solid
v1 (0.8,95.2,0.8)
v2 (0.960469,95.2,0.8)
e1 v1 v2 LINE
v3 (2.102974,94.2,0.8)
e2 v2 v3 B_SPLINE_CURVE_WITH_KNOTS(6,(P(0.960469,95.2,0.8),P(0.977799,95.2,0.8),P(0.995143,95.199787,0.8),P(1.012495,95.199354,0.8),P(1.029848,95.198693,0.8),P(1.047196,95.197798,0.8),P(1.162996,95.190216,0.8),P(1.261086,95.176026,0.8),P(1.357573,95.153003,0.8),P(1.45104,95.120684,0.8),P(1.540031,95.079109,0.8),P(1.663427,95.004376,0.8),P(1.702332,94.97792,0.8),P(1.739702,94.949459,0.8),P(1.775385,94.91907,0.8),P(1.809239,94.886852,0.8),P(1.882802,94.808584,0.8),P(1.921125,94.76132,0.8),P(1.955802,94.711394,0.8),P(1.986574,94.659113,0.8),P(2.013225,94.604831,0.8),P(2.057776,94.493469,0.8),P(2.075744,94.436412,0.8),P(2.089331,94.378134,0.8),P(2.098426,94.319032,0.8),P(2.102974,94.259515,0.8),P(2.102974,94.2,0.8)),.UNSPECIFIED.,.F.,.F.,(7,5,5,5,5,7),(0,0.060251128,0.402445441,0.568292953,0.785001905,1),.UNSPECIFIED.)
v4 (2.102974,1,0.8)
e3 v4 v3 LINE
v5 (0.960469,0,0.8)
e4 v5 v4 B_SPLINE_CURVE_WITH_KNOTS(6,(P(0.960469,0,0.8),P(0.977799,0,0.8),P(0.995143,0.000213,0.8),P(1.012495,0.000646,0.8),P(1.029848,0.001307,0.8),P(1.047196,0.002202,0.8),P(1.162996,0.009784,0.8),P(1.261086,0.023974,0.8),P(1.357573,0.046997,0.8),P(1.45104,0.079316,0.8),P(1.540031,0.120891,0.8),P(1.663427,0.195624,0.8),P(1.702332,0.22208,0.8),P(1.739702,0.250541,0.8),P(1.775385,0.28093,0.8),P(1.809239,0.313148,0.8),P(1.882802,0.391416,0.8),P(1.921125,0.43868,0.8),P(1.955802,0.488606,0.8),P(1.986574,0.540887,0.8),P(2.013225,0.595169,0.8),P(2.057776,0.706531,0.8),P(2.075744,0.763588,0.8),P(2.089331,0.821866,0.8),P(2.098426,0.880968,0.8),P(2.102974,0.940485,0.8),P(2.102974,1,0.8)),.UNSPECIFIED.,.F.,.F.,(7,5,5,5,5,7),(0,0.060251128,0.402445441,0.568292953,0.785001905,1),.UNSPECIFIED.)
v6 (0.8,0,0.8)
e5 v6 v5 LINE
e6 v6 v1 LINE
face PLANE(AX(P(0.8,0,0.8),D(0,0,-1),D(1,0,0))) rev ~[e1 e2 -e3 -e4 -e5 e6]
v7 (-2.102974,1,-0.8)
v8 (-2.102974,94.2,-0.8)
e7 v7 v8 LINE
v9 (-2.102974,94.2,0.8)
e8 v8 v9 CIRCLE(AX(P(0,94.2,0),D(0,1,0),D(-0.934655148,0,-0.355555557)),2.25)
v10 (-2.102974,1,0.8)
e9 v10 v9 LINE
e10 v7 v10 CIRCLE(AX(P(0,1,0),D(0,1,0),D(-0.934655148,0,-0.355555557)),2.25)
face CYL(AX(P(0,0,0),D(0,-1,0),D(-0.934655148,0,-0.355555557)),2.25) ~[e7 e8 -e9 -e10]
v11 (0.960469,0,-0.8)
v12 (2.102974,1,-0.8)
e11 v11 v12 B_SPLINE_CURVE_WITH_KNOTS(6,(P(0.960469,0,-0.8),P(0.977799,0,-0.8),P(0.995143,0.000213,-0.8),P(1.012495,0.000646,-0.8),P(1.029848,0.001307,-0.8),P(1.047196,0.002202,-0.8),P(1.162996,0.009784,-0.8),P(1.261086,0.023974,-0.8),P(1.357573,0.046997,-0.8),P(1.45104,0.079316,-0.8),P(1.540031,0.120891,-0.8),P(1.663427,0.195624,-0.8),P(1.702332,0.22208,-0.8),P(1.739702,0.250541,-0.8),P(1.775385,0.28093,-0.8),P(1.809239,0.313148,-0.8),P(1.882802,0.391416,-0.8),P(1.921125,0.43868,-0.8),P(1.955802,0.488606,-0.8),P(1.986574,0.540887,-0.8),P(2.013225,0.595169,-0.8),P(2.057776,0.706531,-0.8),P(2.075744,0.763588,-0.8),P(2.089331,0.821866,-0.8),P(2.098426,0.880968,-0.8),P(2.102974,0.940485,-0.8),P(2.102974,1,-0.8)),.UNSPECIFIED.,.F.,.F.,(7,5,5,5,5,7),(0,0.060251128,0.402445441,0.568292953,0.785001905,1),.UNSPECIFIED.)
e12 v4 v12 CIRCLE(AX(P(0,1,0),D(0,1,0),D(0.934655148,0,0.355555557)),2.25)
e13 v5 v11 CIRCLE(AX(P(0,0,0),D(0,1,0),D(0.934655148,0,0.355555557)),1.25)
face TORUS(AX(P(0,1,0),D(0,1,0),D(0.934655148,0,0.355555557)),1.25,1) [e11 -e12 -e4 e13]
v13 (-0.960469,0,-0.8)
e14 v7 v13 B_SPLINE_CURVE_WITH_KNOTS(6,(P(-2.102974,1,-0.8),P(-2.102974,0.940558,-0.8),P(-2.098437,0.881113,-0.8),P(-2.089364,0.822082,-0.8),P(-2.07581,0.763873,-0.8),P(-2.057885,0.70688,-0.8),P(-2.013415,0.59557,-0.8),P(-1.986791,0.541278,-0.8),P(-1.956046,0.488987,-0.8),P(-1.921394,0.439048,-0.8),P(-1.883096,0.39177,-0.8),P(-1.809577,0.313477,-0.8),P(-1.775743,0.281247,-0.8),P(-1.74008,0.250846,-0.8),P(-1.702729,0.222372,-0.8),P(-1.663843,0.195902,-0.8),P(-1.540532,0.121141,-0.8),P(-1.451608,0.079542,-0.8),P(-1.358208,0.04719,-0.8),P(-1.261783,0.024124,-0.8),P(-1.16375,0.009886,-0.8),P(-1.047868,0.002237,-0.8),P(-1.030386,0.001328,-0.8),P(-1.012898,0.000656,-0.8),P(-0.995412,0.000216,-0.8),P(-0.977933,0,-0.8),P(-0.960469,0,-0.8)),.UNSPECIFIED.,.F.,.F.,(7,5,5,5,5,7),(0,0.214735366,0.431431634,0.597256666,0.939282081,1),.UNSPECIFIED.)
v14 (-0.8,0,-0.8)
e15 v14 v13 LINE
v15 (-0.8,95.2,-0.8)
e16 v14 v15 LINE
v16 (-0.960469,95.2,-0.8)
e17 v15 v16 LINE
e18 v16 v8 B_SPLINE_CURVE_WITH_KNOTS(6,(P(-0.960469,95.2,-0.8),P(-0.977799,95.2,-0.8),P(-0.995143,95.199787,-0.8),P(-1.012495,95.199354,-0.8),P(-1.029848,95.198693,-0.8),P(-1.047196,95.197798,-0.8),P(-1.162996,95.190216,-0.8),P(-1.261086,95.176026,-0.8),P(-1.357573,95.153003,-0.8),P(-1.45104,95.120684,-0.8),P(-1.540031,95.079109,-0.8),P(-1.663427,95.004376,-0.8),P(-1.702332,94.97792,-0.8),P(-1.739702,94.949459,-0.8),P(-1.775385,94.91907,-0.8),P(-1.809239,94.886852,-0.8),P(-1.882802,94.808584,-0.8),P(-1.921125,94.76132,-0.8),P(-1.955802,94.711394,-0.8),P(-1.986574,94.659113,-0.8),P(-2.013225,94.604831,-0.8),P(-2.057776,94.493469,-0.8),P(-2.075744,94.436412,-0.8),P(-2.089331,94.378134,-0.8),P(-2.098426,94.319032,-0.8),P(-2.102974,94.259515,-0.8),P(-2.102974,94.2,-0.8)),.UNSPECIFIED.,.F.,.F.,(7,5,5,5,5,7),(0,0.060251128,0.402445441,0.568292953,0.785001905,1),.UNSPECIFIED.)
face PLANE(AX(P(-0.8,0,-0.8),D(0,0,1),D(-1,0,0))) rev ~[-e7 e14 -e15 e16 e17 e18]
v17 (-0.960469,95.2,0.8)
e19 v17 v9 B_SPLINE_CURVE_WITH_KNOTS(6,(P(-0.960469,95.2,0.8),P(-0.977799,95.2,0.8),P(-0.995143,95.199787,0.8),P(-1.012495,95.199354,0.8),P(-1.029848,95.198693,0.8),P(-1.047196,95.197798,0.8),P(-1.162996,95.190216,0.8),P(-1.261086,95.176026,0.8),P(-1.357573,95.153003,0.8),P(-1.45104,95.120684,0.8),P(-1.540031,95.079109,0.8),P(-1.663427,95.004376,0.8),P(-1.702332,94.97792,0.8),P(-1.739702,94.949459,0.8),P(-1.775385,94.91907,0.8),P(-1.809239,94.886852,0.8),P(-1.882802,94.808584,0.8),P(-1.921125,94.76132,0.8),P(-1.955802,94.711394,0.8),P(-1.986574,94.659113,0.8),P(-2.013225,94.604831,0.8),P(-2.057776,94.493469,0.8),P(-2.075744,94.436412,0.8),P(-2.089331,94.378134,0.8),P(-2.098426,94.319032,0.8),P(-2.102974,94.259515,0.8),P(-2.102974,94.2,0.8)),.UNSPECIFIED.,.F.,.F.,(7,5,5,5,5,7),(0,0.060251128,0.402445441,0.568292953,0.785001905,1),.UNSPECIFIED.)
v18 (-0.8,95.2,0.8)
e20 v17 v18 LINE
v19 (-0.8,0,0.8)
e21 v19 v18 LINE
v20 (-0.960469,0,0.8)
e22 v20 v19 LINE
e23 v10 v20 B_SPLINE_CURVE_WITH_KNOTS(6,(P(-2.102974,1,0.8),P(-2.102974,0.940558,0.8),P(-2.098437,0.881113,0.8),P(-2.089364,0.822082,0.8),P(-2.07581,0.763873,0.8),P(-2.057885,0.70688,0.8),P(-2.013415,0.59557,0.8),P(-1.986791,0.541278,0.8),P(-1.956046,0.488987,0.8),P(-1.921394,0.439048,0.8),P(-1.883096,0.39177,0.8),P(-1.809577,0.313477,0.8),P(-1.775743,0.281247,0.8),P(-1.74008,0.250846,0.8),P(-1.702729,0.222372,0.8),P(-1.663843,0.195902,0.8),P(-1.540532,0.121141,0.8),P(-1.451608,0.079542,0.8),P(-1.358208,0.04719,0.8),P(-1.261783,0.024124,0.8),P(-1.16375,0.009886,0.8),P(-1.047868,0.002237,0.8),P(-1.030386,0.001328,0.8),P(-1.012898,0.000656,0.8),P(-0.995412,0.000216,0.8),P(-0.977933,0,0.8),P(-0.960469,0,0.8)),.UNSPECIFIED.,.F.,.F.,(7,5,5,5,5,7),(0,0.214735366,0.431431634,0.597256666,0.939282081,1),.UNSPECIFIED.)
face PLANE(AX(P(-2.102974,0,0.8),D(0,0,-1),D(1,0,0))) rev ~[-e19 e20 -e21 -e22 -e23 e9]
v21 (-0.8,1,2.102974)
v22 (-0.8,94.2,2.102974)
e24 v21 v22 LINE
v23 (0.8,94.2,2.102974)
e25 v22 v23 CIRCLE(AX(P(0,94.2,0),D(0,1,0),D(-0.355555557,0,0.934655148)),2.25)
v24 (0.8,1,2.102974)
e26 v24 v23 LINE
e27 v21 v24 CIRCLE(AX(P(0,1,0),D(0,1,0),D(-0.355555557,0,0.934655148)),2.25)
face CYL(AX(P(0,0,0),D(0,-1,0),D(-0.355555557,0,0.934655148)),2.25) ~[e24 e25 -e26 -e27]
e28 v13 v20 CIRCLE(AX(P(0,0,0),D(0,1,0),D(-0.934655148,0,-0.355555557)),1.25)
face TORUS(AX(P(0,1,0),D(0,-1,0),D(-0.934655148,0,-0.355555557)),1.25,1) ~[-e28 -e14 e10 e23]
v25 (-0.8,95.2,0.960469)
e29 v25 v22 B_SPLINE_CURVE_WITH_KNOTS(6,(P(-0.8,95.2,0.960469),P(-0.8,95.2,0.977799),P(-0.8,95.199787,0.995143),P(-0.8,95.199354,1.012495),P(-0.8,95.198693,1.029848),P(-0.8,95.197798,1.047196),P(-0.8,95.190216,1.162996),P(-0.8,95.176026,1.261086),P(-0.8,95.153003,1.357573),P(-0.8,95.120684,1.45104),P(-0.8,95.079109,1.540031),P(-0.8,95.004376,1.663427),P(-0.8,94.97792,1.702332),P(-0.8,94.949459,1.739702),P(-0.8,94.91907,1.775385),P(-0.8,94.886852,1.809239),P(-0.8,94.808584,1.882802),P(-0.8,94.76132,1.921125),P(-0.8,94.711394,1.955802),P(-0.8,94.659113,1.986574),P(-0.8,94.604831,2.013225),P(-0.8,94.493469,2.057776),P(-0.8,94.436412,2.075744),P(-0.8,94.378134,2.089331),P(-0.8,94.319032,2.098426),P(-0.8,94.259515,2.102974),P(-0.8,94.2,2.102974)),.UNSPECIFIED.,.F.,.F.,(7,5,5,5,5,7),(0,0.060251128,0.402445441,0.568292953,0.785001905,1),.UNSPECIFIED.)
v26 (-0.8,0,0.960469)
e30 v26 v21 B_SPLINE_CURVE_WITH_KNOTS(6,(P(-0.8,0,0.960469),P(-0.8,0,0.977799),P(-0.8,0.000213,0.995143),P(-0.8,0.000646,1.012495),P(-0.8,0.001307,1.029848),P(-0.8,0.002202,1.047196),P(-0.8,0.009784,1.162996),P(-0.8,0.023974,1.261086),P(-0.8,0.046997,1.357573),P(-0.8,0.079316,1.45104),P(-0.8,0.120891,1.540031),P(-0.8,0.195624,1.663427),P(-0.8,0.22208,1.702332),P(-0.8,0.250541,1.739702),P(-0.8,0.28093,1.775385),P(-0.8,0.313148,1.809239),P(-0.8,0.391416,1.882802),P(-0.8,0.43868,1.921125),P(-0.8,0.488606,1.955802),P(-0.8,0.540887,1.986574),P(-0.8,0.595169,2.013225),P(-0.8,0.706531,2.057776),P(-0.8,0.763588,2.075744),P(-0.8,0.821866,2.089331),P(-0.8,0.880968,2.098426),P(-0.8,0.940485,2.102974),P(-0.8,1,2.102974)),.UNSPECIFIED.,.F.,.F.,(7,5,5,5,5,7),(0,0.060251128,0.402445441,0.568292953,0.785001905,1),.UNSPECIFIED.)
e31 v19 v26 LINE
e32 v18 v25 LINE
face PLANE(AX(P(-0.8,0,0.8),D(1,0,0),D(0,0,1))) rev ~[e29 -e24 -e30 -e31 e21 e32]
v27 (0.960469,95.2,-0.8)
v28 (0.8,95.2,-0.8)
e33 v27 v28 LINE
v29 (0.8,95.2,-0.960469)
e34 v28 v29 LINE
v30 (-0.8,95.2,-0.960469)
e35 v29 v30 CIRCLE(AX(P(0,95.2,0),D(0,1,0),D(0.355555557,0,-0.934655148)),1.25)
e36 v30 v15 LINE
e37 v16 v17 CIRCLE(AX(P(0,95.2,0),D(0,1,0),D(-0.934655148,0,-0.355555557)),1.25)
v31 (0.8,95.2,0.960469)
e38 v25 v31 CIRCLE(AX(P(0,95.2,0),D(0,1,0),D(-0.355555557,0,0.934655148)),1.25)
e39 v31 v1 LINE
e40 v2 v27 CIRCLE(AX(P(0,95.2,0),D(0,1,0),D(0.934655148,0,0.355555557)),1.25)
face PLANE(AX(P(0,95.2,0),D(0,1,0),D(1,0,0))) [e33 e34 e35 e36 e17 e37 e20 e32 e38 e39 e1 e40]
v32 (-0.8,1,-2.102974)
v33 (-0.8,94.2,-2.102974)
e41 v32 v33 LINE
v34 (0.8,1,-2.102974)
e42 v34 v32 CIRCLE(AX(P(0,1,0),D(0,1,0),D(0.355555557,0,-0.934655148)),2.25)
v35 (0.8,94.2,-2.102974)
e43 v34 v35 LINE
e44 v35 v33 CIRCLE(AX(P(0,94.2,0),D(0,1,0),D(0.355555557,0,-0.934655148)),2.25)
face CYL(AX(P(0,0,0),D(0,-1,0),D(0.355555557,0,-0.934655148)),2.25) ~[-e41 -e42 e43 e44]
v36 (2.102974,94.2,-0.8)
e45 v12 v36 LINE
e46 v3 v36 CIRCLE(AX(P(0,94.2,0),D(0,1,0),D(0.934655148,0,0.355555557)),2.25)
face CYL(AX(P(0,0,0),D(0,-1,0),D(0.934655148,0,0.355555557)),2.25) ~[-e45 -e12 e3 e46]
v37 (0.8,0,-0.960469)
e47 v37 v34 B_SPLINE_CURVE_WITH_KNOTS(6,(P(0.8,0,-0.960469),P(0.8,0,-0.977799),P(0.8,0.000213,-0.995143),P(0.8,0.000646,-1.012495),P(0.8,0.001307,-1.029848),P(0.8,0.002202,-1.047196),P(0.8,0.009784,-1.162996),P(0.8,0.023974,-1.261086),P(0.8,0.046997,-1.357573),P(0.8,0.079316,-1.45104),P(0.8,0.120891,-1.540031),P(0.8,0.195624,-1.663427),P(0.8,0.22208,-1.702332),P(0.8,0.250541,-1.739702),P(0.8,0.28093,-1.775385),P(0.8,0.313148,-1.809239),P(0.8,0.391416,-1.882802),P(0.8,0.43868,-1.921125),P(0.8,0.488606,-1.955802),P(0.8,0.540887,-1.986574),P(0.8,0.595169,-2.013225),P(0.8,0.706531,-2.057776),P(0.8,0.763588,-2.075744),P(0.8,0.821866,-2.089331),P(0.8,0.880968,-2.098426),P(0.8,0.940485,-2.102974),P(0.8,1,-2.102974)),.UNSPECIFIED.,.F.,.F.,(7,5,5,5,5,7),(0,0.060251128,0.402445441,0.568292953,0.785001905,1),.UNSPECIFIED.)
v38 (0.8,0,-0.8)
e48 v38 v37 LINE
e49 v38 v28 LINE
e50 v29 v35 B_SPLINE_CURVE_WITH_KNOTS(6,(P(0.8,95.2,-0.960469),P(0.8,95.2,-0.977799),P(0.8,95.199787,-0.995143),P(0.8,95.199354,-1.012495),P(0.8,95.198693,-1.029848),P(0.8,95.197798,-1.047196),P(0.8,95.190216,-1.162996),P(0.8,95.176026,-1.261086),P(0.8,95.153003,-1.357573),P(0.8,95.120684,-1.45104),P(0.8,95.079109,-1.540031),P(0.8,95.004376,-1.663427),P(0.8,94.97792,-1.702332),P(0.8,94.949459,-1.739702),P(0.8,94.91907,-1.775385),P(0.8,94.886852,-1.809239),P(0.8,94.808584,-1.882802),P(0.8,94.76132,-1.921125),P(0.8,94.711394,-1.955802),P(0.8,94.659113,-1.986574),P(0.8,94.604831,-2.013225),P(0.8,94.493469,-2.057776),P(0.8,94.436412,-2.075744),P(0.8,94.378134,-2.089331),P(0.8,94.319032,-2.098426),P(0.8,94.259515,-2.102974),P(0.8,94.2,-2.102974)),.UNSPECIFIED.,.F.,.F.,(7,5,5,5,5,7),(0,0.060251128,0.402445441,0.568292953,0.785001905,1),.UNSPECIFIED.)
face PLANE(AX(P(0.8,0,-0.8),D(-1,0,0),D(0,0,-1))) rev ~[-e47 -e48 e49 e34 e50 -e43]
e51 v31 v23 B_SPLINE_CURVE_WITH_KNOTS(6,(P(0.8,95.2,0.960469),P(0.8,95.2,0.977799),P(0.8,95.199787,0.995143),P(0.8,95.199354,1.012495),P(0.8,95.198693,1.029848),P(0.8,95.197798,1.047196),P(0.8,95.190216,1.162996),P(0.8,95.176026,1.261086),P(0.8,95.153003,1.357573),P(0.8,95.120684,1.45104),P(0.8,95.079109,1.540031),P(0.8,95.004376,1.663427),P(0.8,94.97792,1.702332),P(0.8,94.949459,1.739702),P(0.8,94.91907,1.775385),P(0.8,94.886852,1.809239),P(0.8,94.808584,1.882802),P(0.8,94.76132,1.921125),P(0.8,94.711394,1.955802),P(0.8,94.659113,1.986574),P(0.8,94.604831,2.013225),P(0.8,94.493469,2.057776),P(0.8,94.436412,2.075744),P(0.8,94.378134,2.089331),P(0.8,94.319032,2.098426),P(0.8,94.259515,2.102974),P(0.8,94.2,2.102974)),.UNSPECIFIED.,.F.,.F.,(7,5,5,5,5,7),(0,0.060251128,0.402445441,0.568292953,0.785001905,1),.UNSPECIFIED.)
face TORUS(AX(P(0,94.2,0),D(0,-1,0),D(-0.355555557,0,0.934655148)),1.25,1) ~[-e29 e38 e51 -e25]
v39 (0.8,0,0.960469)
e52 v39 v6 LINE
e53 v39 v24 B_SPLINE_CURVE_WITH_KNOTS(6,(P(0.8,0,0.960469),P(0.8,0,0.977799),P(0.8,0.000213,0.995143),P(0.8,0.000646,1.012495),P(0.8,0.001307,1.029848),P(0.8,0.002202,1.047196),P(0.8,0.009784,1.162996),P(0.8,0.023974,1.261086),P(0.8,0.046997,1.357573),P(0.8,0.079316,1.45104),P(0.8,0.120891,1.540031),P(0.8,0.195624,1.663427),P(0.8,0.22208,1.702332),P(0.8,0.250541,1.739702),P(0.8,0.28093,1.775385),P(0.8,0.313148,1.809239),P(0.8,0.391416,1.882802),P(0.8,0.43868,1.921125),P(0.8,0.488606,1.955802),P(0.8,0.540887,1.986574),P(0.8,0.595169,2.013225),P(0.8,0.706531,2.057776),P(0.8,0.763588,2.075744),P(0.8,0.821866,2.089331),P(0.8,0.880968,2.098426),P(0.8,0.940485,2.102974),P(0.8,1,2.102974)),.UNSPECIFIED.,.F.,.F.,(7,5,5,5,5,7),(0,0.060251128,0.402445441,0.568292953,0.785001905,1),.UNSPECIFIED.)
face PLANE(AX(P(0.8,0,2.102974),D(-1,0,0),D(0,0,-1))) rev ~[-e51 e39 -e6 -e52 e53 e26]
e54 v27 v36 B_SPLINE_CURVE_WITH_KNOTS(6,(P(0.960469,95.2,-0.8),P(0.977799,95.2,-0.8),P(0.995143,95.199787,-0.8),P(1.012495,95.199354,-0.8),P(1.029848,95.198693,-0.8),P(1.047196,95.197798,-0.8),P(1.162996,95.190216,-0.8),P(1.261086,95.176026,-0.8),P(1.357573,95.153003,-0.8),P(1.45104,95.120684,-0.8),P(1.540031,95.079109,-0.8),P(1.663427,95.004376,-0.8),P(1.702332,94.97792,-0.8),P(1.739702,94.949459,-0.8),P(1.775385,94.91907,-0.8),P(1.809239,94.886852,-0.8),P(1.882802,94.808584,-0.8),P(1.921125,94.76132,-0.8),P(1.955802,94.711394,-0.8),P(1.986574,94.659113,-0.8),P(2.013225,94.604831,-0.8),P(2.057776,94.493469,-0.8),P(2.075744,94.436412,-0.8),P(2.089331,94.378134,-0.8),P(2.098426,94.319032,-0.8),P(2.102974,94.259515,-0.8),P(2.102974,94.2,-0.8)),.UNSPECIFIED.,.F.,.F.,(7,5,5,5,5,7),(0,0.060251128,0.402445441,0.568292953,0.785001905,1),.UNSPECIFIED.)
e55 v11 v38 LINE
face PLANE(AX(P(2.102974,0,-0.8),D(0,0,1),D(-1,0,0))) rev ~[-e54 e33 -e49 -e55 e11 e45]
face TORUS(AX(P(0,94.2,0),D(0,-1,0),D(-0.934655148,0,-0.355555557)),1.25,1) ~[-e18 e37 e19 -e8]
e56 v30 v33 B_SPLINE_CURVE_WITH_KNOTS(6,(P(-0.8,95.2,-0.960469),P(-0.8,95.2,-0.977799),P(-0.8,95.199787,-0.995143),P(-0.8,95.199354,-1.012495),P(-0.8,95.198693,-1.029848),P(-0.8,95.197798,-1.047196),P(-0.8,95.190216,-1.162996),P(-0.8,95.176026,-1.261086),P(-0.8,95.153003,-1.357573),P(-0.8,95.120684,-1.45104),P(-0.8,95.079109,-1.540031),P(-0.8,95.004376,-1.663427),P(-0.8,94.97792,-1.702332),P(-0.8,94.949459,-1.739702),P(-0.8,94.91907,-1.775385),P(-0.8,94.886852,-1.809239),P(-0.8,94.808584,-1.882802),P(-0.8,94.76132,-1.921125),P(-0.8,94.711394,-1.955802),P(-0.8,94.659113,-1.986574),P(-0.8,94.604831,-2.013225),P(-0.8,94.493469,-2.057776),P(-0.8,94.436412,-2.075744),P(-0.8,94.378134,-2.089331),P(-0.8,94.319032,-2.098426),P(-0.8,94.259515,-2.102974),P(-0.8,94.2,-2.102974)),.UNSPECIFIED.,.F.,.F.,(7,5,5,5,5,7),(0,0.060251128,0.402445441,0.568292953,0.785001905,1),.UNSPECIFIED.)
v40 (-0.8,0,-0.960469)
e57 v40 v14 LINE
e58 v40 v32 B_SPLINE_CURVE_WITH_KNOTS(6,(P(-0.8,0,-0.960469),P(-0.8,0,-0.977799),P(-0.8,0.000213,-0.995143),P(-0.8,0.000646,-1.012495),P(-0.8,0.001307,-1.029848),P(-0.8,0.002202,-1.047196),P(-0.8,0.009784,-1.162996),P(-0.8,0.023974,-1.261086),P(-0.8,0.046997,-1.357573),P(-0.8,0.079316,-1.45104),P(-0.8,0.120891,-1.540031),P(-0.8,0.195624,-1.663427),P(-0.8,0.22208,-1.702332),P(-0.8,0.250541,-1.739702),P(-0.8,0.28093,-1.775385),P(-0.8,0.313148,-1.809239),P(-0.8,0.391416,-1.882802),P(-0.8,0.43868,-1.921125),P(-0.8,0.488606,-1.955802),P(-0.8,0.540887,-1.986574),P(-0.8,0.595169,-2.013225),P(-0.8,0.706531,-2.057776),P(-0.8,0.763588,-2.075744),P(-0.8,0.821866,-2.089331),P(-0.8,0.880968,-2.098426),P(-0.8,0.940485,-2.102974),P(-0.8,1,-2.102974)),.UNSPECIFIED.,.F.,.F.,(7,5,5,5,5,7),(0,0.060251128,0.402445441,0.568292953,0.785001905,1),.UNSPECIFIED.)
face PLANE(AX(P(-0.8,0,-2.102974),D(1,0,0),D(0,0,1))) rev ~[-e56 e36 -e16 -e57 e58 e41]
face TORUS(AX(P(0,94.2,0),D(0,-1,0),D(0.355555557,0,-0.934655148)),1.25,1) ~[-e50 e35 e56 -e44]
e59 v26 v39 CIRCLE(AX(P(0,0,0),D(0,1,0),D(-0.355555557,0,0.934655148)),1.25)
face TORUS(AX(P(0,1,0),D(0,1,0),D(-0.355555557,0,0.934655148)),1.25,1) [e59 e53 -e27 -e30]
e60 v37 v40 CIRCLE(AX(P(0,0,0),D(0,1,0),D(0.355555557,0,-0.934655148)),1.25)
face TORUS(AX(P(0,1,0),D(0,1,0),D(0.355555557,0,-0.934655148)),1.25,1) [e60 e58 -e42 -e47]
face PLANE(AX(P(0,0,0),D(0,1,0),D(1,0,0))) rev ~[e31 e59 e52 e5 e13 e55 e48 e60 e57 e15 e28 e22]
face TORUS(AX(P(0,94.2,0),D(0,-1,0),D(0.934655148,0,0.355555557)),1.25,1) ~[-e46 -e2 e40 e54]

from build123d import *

# Parameters (mm, degrees)
BOSS_EXTRUDE1_DEPTH = 95.2
FILLET1_R           = 1
FILLET2_R           = 1
FILLET3_R           = 1
FILLET4_R           = 1
FILLET20_R          = 1
FILLET21_R          = 1
FILLET22_R          = 1
FILLET23_R          = 1


with BuildPart() as part:
    # Sketch1 → Boss-Extrude1 (new body)
    with BuildSketch(Plane(origin=(0, 0, 0), x_dir=(1, 0, 0), z_dir=(0, 1, 0))):
        with BuildLine():
            Line((-0.8, -0.8), (-0.8, -2.102974084))
            ThreePointArc((-0.8, -2.102974084), (0, -2.25), (0.8, -2.102974084))
            Line((0.8, -2.102974084), (0.8, -0.8))
            Line((0.8, -0.8), (2.102974084, -0.8))
            ThreePointArc((2.102974084, -0.8), (2.25, 0), (2.102974084, 0.8))
            Line((2.102974084, 0.8), (0.8, 0.8))
            Line((0.8, 0.8), (0.8, 2.102974084))
            ThreePointArc((0.8, 2.102974084), (0, 2.25), (-0.8, 2.102974084))
            Line((-0.8, 2.102974084), (-0.8, 0.8))
            Line((-0.8, 0.8), (-2.102974084, 0.8))
            ThreePointArc((-2.102974084, 0.8), (-2.25, 0), (-2.102974084, -0.8))
            Line((-2.102974084, -0.8), (-0.8, -0.8))
        make_face()
    extrude(amount=BOSS_EXTRUDE1_DEPTH)

    # Fillet1
    fillet1_edges = [part.edges().sort_by_distance(p)[0] for p in [
        (-2.25, 0, 0),
    ]]
    fillet(fillet1_edges, radius=FILLET1_R)

    # Fillet2
    fillet2_edges = [part.edges().sort_by_distance(p)[0] for p in [
        (0, 0, 2.25),
    ]]
    fillet(fillet2_edges, radius=FILLET2_R)

    # Fillet3
    fillet3_edges = [part.edges().sort_by_distance(p)[0] for p in [
        (2.25, 0, 0),
    ]]
    fillet(fillet3_edges, radius=FILLET3_R)

    # Fillet4
    fillet4_edges = [part.edges().sort_by_distance(p)[0] for p in [
        (0, 0, -2.25),
    ]]
    fillet(fillet4_edges, radius=FILLET4_R)

    # Fillet20
    fillet20_edges = [part.edges().sort_by_distance(p)[0] for p in [
        (2.25, 95.2, 0),
    ]]
    fillet(fillet20_edges, radius=FILLET20_R)

    # Fillet21
    fillet21_edges = [part.edges().sort_by_distance(p)[0] for p in [
        (0, 95.2, 2.25),
    ]]
    fillet(fillet21_edges, radius=FILLET21_R)

    # Fillet22
    fillet22_edges = [part.edges().sort_by_distance(p)[0] for p in [
        (-2.25, 95.2, 0),
    ]]
    fillet(fillet22_edges, radius=FILLET22_R)

    # Fillet23
    fillet23_edges = [part.edges().sort_by_distance(p)[0] for p in [
        (0, 95.2, -2.25),
    ]]
    fillet(fillet23_edges, radius=FILLET23_R)


solid = part.part
